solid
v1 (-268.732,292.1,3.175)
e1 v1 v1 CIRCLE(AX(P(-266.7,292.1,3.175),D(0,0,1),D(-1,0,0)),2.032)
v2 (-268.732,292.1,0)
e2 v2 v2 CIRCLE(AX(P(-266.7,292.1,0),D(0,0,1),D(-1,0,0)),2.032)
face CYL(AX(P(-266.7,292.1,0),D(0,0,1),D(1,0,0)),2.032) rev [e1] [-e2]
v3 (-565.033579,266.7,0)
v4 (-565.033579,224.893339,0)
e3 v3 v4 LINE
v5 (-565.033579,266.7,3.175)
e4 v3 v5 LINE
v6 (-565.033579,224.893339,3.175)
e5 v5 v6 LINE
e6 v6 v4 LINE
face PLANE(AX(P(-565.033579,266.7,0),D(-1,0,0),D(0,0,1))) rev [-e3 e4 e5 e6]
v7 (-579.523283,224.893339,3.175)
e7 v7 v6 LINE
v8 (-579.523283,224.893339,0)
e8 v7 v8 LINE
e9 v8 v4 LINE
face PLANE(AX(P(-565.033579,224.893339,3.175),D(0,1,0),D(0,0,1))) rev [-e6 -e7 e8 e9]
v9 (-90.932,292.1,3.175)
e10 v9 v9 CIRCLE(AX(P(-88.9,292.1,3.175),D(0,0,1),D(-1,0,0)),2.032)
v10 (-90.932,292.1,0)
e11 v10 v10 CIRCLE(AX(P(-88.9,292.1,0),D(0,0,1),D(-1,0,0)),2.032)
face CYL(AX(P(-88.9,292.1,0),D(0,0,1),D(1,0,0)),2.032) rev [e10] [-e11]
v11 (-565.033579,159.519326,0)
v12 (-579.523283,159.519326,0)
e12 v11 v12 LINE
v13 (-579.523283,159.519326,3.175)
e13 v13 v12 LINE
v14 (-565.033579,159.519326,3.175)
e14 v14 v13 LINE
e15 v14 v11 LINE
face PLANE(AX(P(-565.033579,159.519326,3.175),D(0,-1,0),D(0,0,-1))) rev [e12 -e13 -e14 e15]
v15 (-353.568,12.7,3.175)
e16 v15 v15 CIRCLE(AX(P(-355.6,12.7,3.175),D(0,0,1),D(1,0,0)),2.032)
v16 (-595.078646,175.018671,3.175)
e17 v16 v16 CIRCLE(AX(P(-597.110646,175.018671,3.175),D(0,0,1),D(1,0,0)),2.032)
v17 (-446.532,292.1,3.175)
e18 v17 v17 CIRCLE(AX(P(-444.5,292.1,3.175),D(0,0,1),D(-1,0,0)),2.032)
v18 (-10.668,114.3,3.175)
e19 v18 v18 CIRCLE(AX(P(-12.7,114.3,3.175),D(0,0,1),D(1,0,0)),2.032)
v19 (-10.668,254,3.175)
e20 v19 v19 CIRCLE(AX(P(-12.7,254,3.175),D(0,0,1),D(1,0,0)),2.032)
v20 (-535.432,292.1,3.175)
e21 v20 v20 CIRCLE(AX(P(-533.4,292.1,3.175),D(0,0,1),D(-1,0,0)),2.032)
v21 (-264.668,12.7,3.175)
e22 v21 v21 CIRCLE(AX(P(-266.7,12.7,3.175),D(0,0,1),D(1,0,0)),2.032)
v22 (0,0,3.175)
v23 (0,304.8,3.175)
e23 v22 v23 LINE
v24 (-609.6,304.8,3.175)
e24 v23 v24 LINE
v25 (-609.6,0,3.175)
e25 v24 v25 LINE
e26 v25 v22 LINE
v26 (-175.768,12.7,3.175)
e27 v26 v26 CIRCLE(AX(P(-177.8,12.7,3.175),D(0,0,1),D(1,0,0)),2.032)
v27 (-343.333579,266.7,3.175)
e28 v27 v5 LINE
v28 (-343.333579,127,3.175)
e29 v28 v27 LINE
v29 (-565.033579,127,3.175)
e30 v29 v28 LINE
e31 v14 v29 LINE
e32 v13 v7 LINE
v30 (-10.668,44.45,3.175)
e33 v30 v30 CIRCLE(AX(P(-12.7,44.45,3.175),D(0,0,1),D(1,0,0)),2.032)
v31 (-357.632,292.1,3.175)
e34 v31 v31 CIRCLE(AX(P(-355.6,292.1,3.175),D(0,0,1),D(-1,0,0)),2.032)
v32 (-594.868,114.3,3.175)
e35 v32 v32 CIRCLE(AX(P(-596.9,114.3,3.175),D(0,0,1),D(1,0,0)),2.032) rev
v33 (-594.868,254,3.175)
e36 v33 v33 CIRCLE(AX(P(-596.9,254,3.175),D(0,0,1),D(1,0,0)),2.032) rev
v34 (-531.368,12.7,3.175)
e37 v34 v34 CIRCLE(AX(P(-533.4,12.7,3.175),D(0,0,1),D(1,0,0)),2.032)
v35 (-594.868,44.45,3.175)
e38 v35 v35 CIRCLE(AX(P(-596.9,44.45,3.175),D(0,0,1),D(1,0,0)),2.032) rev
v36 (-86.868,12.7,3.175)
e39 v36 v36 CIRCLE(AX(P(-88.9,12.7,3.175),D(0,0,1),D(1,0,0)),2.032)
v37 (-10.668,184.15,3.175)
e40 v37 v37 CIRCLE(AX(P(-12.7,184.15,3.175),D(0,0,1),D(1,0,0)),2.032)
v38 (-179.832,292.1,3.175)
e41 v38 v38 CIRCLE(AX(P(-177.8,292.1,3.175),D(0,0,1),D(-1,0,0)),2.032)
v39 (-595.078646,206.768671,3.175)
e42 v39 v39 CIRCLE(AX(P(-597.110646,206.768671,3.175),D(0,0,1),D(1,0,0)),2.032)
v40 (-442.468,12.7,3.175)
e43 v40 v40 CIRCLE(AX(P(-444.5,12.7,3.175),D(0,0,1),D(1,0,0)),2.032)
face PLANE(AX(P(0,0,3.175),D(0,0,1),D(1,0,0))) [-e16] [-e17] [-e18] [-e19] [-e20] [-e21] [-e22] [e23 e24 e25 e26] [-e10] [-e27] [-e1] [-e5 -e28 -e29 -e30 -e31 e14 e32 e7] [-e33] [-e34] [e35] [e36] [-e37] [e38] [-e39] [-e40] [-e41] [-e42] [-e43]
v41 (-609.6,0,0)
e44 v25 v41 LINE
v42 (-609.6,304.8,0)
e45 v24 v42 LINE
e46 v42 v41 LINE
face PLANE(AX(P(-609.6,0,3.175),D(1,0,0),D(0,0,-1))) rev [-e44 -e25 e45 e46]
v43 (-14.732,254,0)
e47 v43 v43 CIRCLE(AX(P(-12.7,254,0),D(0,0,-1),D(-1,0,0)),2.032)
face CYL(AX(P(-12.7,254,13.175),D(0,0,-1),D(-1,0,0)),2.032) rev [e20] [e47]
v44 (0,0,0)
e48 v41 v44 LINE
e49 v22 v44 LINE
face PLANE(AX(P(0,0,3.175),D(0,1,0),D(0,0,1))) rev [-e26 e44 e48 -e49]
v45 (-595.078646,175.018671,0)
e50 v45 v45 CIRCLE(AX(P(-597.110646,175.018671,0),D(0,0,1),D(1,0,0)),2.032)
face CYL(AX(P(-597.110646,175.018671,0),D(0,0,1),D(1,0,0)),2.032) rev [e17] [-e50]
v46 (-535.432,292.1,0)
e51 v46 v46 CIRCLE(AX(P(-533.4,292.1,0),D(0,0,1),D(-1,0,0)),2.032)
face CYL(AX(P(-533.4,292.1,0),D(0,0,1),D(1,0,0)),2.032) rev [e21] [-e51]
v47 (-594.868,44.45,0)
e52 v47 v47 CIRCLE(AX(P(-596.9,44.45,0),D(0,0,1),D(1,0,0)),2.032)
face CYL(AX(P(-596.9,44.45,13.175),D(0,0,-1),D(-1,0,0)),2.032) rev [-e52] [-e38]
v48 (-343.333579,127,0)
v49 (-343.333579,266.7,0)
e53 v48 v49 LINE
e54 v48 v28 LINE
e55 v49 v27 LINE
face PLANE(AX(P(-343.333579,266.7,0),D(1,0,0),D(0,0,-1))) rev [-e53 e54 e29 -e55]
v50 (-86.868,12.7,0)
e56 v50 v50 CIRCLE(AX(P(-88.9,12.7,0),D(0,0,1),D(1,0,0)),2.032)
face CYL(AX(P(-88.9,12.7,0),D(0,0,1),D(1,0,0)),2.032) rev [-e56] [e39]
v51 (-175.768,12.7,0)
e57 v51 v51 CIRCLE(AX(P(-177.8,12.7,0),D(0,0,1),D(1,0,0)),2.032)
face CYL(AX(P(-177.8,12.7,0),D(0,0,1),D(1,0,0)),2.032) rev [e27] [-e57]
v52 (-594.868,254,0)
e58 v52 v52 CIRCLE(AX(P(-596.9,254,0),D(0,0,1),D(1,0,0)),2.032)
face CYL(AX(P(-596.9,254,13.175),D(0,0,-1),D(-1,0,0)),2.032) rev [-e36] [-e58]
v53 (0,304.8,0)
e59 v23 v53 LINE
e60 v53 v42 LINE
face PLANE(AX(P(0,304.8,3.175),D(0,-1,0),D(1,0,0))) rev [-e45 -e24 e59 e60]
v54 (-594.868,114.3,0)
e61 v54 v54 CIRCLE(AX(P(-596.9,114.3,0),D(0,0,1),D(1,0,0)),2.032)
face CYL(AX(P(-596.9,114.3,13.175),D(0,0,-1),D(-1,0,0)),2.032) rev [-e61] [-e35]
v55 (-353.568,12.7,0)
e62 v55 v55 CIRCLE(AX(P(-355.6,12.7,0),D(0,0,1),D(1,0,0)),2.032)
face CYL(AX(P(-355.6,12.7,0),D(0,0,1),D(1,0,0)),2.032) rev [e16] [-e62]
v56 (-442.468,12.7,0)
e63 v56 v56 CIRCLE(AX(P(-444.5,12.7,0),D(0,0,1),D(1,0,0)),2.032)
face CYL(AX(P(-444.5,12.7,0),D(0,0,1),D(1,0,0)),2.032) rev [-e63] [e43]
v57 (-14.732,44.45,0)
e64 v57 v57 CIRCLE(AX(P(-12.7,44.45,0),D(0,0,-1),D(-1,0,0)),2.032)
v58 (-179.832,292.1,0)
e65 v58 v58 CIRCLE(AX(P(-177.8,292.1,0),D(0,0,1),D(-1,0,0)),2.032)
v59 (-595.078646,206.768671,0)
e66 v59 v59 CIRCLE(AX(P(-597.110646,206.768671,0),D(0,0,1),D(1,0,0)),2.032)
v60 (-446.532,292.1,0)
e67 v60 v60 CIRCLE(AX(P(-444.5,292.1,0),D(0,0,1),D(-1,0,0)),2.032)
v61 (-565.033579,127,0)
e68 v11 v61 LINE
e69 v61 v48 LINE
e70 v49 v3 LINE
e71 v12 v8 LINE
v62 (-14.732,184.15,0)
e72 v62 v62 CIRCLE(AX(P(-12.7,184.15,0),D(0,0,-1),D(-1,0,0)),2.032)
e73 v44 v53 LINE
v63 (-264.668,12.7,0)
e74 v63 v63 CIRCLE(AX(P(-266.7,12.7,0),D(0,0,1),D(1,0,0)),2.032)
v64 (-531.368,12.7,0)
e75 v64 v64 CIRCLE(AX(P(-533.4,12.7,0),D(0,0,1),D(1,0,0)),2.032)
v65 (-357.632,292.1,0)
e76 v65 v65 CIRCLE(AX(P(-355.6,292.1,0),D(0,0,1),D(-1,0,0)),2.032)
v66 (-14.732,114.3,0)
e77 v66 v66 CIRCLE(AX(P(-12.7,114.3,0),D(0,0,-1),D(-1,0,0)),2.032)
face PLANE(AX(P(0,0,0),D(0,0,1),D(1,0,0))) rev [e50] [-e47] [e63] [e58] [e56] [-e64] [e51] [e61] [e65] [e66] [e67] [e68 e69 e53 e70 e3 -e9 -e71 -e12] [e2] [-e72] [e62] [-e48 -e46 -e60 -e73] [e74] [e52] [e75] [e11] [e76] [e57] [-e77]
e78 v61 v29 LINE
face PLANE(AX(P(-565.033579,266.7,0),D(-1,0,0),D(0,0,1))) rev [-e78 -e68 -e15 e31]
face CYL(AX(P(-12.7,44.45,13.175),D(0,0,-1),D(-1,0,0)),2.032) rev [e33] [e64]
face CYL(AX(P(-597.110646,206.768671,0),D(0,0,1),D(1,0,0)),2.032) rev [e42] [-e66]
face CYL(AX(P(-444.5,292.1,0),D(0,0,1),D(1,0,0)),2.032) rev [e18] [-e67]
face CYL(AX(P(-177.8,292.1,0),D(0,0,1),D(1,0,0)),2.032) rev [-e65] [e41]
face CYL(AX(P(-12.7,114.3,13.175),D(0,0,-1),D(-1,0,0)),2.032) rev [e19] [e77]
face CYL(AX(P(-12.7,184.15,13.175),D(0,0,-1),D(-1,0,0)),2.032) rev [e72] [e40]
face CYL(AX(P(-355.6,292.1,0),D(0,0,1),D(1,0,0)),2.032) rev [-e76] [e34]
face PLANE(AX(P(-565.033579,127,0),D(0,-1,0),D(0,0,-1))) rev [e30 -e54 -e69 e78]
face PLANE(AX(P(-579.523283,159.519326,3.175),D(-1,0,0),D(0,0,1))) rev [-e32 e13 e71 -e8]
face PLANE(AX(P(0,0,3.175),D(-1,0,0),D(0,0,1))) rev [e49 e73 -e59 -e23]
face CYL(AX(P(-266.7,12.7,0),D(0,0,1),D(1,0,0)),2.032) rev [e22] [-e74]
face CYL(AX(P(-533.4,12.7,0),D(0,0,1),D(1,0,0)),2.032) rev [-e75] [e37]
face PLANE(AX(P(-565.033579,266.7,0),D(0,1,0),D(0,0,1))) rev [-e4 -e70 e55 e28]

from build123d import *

# Parameters (mm, degrees)
SKETCH1_W               = 609.6
SKETCH1_H               = 304.8
BOSS_EXTRUDE1_DEPTH     = 3.175
SKETCH5_R               = 2.032
CUT_EXTRUDE4_DEPTH      = 4.175
SKETCH6_R               = 2.032
CUT_EXTRUDE5_DEPTH      = 10
CUT_EXTRUDE5_DEPTH_BACK = 3.175
SKETCH20_R              = 2.032
CUT_EXTRUDE17_DEPTH     = 4.175
SKETCH8_W               = 221.700000084
SKETCH8_H               = 139.7
CUT_EXTRUDE6_DEPTH      = 3.175
SKETCH19_W              = 14.489703264
SKETCH19_H              = 65.374013416
CUT_EXTRUDE16_DEPTH     = 4.175


with BuildPart() as part:
    # Sketch1 → Boss-Extrude1 (new body)
    with BuildSketch(Plane.XY):
        with Locations((-304.8, 152.4)):
            Rectangle(SKETCH1_W, SKETCH1_H)
    extrude(amount=BOSS_EXTRUDE1_DEPTH)

    # Sketch5 → Cut-Extrude4 (cut, through all)
    with BuildSketch(Plane.XY.offset(3.175)):
        with Locations((-533.4, 12.7)):
            Circle(SKETCH5_R)
        with Locations((-444.5, 12.7)):
            Circle(SKETCH5_R)
        with Locations((-355.6, 12.7)):
            Circle(SKETCH5_R)
        with Locations((-266.7, 12.7)):
            Circle(SKETCH5_R)
        with Locations((-177.8, 12.7)):
            Circle(SKETCH5_R)
        with Locations((-88.9, 12.7)):
            Circle(SKETCH5_R)
        with Locations((-88.9, 292.1)):
            Circle(SKETCH5_R)
        with Locations((-177.8, 292.1)):
            Circle(SKETCH5_R)
        with Locations((-266.7, 292.1)):
            Circle(SKETCH5_R)
        with Locations((-355.6, 292.1)):
            Circle(SKETCH5_R)
        with Locations((-444.5, 292.1)):
            Circle(SKETCH5_R)
        with Locations((-533.4, 292.1)):
            Circle(SKETCH5_R)
    extrude(amount=-CUT_EXTRUDE4_DEPTH, mode=Mode.SUBTRACT)

    # Sketch6 → Cut-Extrude5 (cut, two sides)
    with BuildSketch(Plane.XY.offset(3.175)) as cut_extrude5_sk:
        with Locations((-596.9, 254)):
            Circle(SKETCH6_R)
        with Locations((-596.9, 114.3)):
            Circle(SKETCH6_R)
        with Locations((-596.9, 44.45)):
            Circle(SKETCH6_R)
        with Locations((-12.7, 254)):
            Circle(SKETCH6_R)
        with Locations((-12.7, 184.15)):
            Circle(SKETCH6_R)
        with Locations((-12.7, 114.3)):
            Circle(SKETCH6_R)
        with Locations((-12.7, 44.45)):
            Circle(SKETCH6_R)
    extrude(amount=CUT_EXTRUDE5_DEPTH, mode=Mode.SUBTRACT)
    extrude(cut_extrude5_sk.sketch, amount=-CUT_EXTRUDE5_DEPTH_BACK, mode=Mode.SUBTRACT)

    # Sketch20 → Cut-Extrude17 (cut, through all)
    with BuildSketch(Plane.XY.offset(3.175)):
        with Locations((-597.110646497, 175.018670592)):
            Circle(SKETCH20_R)
        with Locations((-597.110646497, 206.768670592)):
            Circle(SKETCH20_R)
    extrude(amount=-CUT_EXTRUDE17_DEPTH, mode=Mode.SUBTRACT)

    # Sketch8 → Cut-Extrude6 (cut)
    with BuildSketch(Plane.XY.offset(3.175)):
        with Locations((-454.183579328, 196.85)):
            Rectangle(SKETCH8_W, SKETCH8_H)
    extrude(amount=-CUT_EXTRUDE6_DEPTH, mode=Mode.SUBTRACT)

    # Sketch19 → Cut-Extrude16 (cut, through all)
    with BuildSketch(Plane(origin=(0, 0, 0), x_dir=(-1, 0, 0), z_dir=(0, 0, -1))):
        with Locations((572.278431002, 192.206332301)):
            Rectangle(SKETCH19_W, SKETCH19_H)
    extrude(amount=-CUT_EXTRUDE16_DEPTH, mode=Mode.SUBTRACT)


solid = part.part
